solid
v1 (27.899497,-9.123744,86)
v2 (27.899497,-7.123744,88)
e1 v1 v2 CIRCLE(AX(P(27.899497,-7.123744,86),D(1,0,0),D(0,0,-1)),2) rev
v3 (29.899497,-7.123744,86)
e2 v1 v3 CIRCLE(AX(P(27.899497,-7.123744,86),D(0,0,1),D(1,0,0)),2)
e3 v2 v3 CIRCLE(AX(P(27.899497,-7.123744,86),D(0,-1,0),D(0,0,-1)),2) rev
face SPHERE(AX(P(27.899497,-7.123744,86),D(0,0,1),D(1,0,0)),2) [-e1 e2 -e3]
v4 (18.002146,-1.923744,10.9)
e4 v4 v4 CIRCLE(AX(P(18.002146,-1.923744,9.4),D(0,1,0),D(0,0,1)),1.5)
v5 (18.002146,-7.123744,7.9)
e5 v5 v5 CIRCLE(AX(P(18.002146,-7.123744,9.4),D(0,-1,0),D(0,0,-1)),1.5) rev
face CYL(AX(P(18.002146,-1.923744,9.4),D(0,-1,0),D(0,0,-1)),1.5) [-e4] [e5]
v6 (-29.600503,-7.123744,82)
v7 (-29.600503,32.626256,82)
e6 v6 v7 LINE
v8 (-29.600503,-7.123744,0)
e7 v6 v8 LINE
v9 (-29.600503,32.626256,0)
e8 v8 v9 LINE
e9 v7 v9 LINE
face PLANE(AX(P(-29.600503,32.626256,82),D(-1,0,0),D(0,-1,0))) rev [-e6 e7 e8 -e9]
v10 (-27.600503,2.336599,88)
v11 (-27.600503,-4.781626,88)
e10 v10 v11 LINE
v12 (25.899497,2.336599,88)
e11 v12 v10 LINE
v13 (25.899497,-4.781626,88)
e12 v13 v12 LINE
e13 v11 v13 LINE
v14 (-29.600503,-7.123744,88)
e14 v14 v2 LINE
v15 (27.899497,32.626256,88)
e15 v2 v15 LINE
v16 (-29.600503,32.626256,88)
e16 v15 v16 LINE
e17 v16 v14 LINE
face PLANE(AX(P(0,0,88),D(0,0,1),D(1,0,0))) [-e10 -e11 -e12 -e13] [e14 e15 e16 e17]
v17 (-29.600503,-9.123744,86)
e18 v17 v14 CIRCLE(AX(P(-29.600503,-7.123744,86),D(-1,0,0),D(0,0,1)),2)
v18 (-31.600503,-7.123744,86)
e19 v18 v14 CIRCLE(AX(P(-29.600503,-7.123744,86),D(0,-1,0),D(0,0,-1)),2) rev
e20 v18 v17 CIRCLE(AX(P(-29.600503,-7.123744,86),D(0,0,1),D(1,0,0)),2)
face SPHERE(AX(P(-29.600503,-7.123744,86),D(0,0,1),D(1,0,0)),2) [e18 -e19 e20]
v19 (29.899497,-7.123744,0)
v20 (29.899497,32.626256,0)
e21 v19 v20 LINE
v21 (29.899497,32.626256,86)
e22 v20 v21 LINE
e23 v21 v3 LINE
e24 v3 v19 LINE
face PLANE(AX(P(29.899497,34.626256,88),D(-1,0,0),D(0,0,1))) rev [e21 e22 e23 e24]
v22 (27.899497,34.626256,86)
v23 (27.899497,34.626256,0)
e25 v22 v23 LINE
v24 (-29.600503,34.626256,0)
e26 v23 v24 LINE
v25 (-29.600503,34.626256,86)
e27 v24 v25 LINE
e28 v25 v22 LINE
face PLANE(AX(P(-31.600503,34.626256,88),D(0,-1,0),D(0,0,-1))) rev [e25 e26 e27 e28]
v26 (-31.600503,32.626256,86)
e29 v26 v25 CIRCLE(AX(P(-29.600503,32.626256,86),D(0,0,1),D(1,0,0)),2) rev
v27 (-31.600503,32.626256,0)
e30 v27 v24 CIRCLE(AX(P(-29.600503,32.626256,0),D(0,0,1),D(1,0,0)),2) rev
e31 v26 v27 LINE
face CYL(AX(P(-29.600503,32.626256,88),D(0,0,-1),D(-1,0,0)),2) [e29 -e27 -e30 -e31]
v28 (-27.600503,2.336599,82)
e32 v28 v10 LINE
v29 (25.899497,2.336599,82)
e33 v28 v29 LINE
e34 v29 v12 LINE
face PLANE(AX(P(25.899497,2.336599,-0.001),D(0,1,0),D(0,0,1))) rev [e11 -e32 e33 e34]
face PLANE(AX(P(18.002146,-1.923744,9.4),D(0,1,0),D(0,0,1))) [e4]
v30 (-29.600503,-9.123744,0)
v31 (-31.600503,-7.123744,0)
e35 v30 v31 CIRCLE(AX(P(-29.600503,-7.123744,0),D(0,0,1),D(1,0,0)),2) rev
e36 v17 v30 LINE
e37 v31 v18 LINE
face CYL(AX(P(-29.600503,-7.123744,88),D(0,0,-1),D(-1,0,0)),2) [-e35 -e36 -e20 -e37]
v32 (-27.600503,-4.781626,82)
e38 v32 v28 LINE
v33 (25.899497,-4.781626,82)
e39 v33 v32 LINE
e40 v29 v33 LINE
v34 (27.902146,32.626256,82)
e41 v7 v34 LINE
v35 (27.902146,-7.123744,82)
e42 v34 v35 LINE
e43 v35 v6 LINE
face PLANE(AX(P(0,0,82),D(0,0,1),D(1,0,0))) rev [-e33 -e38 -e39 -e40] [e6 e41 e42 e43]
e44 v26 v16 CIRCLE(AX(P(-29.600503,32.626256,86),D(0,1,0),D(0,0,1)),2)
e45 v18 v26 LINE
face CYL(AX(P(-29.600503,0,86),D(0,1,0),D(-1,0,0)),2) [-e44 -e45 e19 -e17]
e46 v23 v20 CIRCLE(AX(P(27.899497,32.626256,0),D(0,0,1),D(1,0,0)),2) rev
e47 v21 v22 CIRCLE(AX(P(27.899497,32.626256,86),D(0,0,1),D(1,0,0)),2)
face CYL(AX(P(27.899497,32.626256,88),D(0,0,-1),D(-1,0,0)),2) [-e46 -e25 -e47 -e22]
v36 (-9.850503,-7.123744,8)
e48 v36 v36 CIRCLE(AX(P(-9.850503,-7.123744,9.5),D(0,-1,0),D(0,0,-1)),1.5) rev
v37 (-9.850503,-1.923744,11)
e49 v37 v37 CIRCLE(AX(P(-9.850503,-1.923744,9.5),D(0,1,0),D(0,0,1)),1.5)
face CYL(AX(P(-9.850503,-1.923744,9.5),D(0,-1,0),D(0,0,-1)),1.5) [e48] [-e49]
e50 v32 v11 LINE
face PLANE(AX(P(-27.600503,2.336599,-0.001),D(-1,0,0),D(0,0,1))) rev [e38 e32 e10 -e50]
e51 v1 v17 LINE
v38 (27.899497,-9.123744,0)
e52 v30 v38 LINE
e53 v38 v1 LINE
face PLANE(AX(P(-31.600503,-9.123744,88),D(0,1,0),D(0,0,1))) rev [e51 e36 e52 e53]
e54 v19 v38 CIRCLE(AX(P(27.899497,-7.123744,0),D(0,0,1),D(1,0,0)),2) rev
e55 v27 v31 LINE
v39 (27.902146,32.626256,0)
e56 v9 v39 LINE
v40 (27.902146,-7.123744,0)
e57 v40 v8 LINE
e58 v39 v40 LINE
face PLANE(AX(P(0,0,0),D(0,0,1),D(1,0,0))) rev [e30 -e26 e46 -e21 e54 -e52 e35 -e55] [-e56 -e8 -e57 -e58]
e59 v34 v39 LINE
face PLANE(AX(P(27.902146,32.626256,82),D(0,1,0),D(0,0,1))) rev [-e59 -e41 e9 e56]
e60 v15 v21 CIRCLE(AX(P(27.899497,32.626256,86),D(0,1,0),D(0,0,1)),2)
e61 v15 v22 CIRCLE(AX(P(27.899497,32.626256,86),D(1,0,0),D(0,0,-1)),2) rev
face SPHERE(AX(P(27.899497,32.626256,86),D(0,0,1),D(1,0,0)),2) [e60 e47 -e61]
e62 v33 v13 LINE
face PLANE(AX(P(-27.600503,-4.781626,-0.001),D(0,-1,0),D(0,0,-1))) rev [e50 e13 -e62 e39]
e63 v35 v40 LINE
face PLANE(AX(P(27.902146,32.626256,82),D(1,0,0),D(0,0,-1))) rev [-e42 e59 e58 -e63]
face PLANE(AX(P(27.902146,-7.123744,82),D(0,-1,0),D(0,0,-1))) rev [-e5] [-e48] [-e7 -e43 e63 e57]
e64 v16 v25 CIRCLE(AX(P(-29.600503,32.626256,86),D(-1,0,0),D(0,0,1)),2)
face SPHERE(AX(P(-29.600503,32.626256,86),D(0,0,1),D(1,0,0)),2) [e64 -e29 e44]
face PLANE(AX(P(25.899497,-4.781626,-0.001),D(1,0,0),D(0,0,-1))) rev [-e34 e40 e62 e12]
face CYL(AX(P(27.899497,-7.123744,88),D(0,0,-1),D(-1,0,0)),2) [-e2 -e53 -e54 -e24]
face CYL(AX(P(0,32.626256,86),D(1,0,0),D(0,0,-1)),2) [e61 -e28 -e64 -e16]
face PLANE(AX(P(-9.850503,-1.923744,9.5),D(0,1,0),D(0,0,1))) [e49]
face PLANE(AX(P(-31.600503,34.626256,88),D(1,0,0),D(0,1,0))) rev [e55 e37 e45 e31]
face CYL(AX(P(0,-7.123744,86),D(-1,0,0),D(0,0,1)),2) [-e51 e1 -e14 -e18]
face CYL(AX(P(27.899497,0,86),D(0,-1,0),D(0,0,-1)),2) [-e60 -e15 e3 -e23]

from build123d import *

# Parameters (mm, degrees)
ESQUISSE1_W             = 61.5
ESQUISSE1_H             = 43.75
BOSS_EXTRU_1_DEPTH      = 88
ENL_V_MAT_EXTRU_4_REACH = 90
ESQUISSE3_W             = 53.5
ESQUISSE3_H             = 7.118224843
ESQUISSE6_W             = 57.502648101
ESQUISSE6_H             = 39.75
ENL_V_MAT_EXTRU_5_DEPTH = 82
CONG_4_R                = 2
ESQUISSE7_R             = 1.5
BOSS_EXTRU_2_DEPTH      = 5.2
ESQUISSE8_R             = 1.5
BOSS_EXTRU_3_DEPTH      = 5.2


with BuildPart() as part:
    # Esquisse1 → Boss.-Extru.1 (new body)
    with BuildSketch(Plane.XY):
        with Locations((-0.850502513, 12.751256281)):
            Rectangle(ESQUISSE1_W, ESQUISSE1_H)
    extrude(amount=BOSS_EXTRU_1_DEPTH)

    # Esquisse3 → Enlèv. mat.-Extru.4 (cut, up to next)
    with BuildSketch(Plane.XY.offset(88), mode=Mode.PRIVATE) as enl_v_mat_extru_4_sk1:
        with Locations((-0.850502513, -1.222513082)):
            Rectangle(ESQUISSE3_W, ESQUISSE3_H)
    enl_v_mat_extru_4_tool1 = extrude(enl_v_mat_extru_4_sk1.sketch, amount=-ENL_V_MAT_EXTRU_4_REACH, mode=Mode.PRIVATE) & part.part
    add(enl_v_mat_extru_4_tool1.solids().sort_by_distance((-0.850503, -1.222513, 88))[0], mode=Mode.SUBTRACT)

    # Esquisse6 → Enlèv. mat.-Extru.5 (cut)
    with BuildSketch(Plane(origin=(0, 0, 0), x_dir=(-1, 0, 0), z_dir=(0, 0, -1))):
        with Locations((0.849178462, 12.751256281)):
            Rectangle(ESQUISSE6_W, ESQUISSE6_H)
    extrude(amount=-ENL_V_MAT_EXTRU_5_DEPTH, mode=Mode.SUBTRACT)

    # Congé4
    cong_4_edges = [part.edges().sort_by_distance(p)[0] for p in [
        (29.899497487, 12.751256281, 88),
        (-0.850502513, 34.626256281, 88),
        (-31.600502513, 12.751256281, 88),
        (-31.600502513, 34.626256281, 44),
        (29.899497487, 34.626256281, 44),
        (29.899497487, -9.123743719, 44),
        (-31.600502513, -9.123743719, 44),
        (-0.850502513, -9.123743719, 88),
    ]]
    fillet(cong_4_edges, radius=CONG_4_R)

    # Esquisse7 → Boss.-Extru.2 (add)
    with BuildSketch(Plane(origin=(0, -7.123743719, 0), x_dir=(1, 0, 0), z_dir=(0, 1, 0))):
        with Locations((18.002145588, -9.4)):
            Circle(ESQUISSE7_R)
    extrude(amount=BOSS_EXTRU_2_DEPTH)

    # Esquisse8 → Boss.-Extru.3 (add)
    with BuildSketch(Plane(origin=(0, -7.123743719, 0), x_dir=(1, 0, 0), z_dir=(0, 1, 0))):
        with Locations((-9.850502513, -9.5)):
            Circle(ESQUISSE8_R)
    extrude(amount=BOSS_EXTRU_3_DEPTH)


solid = part.part
